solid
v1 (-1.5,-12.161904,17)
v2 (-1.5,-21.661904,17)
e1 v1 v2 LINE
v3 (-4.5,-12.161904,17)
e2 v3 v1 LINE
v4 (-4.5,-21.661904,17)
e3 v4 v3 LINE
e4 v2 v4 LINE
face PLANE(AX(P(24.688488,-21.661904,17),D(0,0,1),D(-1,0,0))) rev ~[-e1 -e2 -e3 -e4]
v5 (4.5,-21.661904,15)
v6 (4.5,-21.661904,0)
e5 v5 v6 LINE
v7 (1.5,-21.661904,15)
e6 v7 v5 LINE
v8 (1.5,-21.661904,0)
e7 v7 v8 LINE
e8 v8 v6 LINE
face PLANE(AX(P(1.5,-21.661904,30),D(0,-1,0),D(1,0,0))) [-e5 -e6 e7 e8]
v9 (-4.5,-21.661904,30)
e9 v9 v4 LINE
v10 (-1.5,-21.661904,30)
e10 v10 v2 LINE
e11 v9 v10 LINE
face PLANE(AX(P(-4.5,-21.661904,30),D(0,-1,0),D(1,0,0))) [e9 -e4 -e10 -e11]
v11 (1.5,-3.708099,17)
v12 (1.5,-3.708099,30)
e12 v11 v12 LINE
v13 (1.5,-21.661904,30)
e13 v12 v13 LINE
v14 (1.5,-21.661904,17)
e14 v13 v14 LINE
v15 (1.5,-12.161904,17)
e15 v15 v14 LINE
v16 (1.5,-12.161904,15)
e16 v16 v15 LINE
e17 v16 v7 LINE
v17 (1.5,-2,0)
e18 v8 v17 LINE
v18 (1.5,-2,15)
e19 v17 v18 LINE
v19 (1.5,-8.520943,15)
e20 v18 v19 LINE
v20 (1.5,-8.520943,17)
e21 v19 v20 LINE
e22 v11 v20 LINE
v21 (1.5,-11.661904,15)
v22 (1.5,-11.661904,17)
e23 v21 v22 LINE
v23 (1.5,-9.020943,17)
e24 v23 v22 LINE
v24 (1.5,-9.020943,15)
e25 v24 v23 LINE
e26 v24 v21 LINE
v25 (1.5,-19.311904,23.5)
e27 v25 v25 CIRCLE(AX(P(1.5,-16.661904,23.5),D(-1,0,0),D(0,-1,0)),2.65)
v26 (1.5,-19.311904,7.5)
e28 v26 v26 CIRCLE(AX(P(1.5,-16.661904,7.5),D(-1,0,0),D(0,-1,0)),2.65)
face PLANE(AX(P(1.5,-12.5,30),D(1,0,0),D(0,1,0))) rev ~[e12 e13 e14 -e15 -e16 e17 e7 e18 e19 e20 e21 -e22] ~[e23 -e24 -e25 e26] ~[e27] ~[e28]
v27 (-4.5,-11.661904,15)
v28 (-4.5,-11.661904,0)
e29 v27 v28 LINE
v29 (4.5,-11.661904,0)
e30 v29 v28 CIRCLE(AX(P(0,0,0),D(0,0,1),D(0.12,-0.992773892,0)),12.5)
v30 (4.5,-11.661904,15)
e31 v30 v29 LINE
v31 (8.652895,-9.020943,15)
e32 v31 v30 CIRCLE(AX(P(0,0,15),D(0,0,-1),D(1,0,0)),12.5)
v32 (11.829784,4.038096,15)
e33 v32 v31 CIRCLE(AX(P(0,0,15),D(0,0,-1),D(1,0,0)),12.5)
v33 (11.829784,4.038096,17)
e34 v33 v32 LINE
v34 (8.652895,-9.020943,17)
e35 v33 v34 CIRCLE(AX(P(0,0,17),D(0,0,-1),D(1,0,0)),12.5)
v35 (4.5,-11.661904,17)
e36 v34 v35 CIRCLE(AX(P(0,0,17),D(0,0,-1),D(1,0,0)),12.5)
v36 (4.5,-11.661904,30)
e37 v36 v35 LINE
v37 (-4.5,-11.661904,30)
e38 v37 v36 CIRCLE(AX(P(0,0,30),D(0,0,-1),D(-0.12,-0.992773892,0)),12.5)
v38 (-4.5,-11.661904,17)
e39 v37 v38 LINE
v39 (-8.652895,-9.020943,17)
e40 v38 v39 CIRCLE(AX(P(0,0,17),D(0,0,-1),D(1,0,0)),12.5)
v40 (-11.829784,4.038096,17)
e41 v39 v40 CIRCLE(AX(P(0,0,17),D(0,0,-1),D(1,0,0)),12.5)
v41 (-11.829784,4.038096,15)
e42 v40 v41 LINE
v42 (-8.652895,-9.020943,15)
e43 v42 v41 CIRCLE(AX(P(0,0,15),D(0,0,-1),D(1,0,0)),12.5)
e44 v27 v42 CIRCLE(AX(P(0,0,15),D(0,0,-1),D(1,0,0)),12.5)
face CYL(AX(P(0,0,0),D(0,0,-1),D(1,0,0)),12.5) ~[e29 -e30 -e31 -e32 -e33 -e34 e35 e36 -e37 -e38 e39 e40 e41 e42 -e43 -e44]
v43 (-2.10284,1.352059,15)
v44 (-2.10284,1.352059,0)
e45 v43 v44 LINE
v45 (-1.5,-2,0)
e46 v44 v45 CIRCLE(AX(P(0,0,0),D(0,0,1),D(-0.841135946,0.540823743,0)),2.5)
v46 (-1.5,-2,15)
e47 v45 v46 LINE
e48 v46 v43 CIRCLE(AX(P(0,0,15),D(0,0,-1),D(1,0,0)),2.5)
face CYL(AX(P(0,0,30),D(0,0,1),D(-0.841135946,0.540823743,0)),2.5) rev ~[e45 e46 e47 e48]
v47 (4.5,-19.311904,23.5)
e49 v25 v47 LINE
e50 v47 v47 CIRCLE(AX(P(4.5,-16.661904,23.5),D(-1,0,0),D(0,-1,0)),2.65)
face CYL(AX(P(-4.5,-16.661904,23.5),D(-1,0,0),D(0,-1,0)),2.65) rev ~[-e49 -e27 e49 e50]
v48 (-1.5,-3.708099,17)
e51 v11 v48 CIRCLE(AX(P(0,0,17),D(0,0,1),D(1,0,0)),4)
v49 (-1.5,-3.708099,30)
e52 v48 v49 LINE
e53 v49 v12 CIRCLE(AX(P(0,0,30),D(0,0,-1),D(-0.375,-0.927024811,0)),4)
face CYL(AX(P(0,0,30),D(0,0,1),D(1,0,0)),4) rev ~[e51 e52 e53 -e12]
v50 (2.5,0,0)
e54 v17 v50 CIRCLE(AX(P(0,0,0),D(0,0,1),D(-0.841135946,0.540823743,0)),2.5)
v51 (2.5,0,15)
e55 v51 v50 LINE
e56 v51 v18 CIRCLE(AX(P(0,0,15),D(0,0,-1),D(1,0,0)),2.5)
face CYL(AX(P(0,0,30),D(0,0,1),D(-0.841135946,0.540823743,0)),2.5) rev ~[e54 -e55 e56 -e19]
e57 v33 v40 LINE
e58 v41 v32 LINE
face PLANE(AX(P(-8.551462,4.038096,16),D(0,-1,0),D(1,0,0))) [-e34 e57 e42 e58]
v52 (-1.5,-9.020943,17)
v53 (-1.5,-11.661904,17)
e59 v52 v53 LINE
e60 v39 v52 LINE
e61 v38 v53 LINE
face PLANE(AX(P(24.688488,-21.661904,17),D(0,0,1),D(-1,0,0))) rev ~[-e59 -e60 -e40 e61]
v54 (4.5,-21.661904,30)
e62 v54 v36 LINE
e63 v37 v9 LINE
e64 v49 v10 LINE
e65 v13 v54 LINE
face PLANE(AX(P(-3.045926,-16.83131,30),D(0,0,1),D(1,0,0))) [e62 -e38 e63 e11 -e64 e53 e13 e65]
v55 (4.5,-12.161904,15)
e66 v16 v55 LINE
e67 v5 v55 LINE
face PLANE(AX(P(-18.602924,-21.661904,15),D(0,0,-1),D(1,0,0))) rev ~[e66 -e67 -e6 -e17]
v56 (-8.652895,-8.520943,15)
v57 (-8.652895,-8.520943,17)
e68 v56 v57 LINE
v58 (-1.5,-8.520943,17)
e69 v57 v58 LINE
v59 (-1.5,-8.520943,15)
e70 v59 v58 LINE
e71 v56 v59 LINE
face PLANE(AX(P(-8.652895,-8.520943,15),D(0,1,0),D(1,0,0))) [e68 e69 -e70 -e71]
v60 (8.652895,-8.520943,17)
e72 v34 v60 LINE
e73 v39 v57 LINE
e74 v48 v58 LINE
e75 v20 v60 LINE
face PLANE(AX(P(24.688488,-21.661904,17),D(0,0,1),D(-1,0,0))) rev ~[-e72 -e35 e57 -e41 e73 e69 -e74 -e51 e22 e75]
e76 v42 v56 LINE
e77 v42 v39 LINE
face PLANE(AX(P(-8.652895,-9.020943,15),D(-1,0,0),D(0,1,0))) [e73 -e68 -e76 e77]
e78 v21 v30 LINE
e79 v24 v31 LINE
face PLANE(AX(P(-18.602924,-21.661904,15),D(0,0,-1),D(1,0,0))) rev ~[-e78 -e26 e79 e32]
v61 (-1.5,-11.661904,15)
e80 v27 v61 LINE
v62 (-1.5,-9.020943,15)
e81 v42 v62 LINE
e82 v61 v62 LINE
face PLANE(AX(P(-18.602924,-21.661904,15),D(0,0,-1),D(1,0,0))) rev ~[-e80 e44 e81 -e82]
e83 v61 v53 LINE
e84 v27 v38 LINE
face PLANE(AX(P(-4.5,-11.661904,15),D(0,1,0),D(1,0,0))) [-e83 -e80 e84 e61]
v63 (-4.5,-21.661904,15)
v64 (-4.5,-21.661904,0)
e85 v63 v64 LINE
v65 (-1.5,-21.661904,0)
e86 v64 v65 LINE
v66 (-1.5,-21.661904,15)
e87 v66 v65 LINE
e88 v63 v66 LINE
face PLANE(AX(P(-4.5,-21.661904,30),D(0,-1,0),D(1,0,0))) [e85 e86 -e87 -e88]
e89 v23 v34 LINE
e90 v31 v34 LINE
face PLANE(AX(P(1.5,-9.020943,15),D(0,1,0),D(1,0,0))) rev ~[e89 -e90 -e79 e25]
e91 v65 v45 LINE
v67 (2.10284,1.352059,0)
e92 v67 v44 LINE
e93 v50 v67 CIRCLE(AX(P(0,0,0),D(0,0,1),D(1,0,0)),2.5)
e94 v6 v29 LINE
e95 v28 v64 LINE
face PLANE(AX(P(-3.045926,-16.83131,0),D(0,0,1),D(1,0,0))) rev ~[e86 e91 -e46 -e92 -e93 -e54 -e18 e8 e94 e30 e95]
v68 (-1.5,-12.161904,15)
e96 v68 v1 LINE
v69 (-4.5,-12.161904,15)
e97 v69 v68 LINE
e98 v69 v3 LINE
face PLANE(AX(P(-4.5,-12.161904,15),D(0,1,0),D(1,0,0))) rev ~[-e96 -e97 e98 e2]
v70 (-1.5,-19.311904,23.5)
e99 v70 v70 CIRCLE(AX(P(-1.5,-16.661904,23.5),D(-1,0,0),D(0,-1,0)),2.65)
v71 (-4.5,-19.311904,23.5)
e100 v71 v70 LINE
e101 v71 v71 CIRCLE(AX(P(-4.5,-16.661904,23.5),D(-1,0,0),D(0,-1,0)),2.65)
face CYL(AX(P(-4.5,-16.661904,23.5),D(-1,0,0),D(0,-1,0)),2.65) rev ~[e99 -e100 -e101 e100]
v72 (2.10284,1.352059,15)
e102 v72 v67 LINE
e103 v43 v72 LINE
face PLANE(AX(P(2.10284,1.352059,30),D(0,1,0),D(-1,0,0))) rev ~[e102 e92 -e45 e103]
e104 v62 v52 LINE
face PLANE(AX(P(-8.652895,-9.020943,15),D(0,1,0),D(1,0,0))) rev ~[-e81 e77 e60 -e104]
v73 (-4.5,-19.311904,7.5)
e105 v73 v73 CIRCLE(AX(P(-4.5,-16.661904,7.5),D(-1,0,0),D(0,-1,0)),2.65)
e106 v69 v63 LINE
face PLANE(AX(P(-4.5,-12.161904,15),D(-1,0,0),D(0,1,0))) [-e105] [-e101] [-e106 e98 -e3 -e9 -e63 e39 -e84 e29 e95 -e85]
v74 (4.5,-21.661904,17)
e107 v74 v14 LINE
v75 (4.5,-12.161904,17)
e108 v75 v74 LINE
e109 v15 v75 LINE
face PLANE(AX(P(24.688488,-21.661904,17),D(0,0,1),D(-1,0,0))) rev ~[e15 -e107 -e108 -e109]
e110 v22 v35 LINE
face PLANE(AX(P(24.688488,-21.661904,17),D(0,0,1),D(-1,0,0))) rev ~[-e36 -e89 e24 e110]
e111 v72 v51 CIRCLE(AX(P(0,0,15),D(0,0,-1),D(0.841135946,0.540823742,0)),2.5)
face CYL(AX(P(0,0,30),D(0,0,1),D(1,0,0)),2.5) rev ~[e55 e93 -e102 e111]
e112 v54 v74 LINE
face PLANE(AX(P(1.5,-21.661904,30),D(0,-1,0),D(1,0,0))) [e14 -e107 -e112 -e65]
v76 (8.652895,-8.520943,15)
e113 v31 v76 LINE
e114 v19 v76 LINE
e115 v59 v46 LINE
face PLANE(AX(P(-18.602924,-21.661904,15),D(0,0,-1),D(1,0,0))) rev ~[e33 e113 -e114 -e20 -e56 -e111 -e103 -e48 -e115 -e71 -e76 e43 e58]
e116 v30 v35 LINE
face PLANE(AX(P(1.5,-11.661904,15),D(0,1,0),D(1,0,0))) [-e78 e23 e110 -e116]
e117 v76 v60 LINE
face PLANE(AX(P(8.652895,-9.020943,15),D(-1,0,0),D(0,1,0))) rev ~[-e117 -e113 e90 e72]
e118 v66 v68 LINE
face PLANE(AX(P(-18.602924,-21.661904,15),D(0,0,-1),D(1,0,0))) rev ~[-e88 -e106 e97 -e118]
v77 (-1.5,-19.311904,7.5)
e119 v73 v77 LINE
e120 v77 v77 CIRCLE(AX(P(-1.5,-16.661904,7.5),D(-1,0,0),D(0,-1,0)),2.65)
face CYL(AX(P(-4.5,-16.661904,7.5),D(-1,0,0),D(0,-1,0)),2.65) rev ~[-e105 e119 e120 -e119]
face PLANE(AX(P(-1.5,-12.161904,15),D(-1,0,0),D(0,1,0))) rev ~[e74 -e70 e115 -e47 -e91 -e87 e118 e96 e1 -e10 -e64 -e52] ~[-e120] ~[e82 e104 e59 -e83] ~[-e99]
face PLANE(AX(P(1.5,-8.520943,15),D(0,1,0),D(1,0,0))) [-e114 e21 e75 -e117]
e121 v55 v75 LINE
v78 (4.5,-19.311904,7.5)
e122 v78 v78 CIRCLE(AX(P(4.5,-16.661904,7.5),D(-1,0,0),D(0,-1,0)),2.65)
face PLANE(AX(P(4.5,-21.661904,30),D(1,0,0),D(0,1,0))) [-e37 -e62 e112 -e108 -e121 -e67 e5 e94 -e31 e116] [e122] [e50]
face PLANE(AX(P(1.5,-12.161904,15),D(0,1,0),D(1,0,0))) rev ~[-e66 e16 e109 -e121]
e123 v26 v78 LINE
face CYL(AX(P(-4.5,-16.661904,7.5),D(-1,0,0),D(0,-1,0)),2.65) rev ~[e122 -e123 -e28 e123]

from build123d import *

# Parameters (mm, degrees)
F0_R      = 12.5
F1_DEPTH  = 30
F3_DEPTH  = 30.001
F4_R      = 4
F5_DEPTH  = 15
F6_W      = 3
F6_H      = 12.5
F7_DEPTH  = 30.001
F9_DEPTH  = 30
F10_W     = 20.1029244214
F10_H     = 2
F10_W_2   = 3
F10_W_3   = 20.1884878725
F11_DEPTH = 25.7
F12_R     = 2.65
F13_DEPTH = 17.001
F14_W     = 3
F14_H     = 0.5
F15_DEPTH = 2
F16_W     = 7.1528945421
F16_H     = 0.5
F17_DEPTH = 2


with BuildPart() as f1:
    # F0 (on Top) → F1 (new body)
    with BuildSketch(Plane.XY):
        Circle(F0_R)
    extrude(amount=F1_DEPTH)

    # F2 (on face) → F3 (cut, through all)
    with BuildSketch(Plane.XY.offset(30)):
        with BuildLine():
            ThreePointArc((-2.1028398647, 1.3520593565), (-0.7045922006, -2.3986558383), (2.5, 0))
            ThreePointArc((2.5, 0), (2.3986558383, 0.7045922006), (2.1028398647, 1.3520593565))
            Line((2.1028398647, 1.3520593565), (-2.1028398647, 1.3520593565))
        make_face()
    extrude(amount=-F3_DEPTH, mode=Mode.SUBTRACT)

    # F4 (on face) → F5 (cut)
    with BuildSketch(Plane.XY.offset(30)):
        Circle(F4_R)
        with BuildLine():
            ThreePointArc((2.1028398647, 1.3520593565), (2.3986558383, 0.7045922006), (2.5, 0))
            ThreePointArc((2.5, 0), (-0.7045922006, -2.3986558383), (-2.1028398647, 1.3520593565))
            Line((-2.1028398647, 1.3520593565), (2.1028398647, 1.3520593565))
        make_face(mode=Mode.SUBTRACT)
    extrude(amount=-F5_DEPTH, mode=Mode.SUBTRACT)

    # F6 (on face) → F7 (cut, through all)
    with BuildSketch(Plane.XY.offset(30)):
        with Locations((0, -6.25)):
            Rectangle(F6_W, F6_H)
    extrude(amount=-F7_DEPTH, mode=Mode.SUBTRACT)

    # F8 (on face) → F9 (join, through all)
    with BuildSketch(Plane.XY.offset(30)):
        with BuildLine():
            Line((-4.5, -21.6619037897), (-1.5, -21.6619037897))
            Line((-1.5, -21.6619037897), (-1.5, -12.409673646))
            ThreePointArc((-1.5, -12.409673646), (-3.0232085504, -12.1288997877), (-4.5, -11.6619037897))
            Line((-4.5, -11.6619037897), (-4.5, -21.6619037897))
        make_face()
        with BuildLine():
            Line((4.5, -21.6619037897), (4.5, -11.6619037897))
            ThreePointArc((4.5, -11.6619037897), (3.0232085504, -12.1288997877), (1.5, -12.409673646))
            Line((1.5, -12.409673646), (1.5, -21.6619037897))
            Line((1.5, -21.6619037897), (4.5, -21.6619037897))
        make_face()
    extrude(amount=-F9_DEPTH)

    # F10 (on face) → F11 (cut, symmetric)
    with BuildSketch(Plane.XZ.offset(21.6619037897)):
        with Locations((-8.5514622107, 16)):
            Rectangle(F10_W, F10_H)
        with Locations((3, 16)):
            Rectangle(F10_W_2, F10_H)
        with Locations((14.5942439362, 16)):
            Rectangle(F10_W_3, F10_H)
    extrude(amount=F11_DEPTH, both=True, mode=Mode.SUBTRACT)

    # F12 (on face) → F13 (cut, through all)
    with BuildSketch(Plane(origin=(-4.5, 0, 0), x_dir=(0, -1, 0), z_dir=(-1, 0, 0))):
        with Locations((16.6619037897, 23.5)):
            Circle(F12_R)
        with Locations((16.6619037897, 7.5)):
            Circle(F12_R)
    extrude(amount=-F13_DEPTH, mode=Mode.SUBTRACT)

    # F14 (on face) → F15 (join, through all)
    with BuildSketch(Plane.XY.offset(15)):
        with Locations((-3, -11.9119037897)):
            Rectangle(F14_W, F14_H)
        with Locations((3, -11.9119037897)):
            Rectangle(F14_W, F14_H)
    extrude(amount=F15_DEPTH)

    # F16 (on face) → F17 (join, through all)
    with BuildSketch(Plane.XY.offset(15)):
        with Locations((5.0764472711, -8.7709431903)):
            Rectangle(F16_W, F16_H)
        with Locations((-5.0764472711, -8.7709431903)):
            Rectangle(F16_W, F16_H)
    extrude(amount=F17_DEPTH)


solid = f1.part
